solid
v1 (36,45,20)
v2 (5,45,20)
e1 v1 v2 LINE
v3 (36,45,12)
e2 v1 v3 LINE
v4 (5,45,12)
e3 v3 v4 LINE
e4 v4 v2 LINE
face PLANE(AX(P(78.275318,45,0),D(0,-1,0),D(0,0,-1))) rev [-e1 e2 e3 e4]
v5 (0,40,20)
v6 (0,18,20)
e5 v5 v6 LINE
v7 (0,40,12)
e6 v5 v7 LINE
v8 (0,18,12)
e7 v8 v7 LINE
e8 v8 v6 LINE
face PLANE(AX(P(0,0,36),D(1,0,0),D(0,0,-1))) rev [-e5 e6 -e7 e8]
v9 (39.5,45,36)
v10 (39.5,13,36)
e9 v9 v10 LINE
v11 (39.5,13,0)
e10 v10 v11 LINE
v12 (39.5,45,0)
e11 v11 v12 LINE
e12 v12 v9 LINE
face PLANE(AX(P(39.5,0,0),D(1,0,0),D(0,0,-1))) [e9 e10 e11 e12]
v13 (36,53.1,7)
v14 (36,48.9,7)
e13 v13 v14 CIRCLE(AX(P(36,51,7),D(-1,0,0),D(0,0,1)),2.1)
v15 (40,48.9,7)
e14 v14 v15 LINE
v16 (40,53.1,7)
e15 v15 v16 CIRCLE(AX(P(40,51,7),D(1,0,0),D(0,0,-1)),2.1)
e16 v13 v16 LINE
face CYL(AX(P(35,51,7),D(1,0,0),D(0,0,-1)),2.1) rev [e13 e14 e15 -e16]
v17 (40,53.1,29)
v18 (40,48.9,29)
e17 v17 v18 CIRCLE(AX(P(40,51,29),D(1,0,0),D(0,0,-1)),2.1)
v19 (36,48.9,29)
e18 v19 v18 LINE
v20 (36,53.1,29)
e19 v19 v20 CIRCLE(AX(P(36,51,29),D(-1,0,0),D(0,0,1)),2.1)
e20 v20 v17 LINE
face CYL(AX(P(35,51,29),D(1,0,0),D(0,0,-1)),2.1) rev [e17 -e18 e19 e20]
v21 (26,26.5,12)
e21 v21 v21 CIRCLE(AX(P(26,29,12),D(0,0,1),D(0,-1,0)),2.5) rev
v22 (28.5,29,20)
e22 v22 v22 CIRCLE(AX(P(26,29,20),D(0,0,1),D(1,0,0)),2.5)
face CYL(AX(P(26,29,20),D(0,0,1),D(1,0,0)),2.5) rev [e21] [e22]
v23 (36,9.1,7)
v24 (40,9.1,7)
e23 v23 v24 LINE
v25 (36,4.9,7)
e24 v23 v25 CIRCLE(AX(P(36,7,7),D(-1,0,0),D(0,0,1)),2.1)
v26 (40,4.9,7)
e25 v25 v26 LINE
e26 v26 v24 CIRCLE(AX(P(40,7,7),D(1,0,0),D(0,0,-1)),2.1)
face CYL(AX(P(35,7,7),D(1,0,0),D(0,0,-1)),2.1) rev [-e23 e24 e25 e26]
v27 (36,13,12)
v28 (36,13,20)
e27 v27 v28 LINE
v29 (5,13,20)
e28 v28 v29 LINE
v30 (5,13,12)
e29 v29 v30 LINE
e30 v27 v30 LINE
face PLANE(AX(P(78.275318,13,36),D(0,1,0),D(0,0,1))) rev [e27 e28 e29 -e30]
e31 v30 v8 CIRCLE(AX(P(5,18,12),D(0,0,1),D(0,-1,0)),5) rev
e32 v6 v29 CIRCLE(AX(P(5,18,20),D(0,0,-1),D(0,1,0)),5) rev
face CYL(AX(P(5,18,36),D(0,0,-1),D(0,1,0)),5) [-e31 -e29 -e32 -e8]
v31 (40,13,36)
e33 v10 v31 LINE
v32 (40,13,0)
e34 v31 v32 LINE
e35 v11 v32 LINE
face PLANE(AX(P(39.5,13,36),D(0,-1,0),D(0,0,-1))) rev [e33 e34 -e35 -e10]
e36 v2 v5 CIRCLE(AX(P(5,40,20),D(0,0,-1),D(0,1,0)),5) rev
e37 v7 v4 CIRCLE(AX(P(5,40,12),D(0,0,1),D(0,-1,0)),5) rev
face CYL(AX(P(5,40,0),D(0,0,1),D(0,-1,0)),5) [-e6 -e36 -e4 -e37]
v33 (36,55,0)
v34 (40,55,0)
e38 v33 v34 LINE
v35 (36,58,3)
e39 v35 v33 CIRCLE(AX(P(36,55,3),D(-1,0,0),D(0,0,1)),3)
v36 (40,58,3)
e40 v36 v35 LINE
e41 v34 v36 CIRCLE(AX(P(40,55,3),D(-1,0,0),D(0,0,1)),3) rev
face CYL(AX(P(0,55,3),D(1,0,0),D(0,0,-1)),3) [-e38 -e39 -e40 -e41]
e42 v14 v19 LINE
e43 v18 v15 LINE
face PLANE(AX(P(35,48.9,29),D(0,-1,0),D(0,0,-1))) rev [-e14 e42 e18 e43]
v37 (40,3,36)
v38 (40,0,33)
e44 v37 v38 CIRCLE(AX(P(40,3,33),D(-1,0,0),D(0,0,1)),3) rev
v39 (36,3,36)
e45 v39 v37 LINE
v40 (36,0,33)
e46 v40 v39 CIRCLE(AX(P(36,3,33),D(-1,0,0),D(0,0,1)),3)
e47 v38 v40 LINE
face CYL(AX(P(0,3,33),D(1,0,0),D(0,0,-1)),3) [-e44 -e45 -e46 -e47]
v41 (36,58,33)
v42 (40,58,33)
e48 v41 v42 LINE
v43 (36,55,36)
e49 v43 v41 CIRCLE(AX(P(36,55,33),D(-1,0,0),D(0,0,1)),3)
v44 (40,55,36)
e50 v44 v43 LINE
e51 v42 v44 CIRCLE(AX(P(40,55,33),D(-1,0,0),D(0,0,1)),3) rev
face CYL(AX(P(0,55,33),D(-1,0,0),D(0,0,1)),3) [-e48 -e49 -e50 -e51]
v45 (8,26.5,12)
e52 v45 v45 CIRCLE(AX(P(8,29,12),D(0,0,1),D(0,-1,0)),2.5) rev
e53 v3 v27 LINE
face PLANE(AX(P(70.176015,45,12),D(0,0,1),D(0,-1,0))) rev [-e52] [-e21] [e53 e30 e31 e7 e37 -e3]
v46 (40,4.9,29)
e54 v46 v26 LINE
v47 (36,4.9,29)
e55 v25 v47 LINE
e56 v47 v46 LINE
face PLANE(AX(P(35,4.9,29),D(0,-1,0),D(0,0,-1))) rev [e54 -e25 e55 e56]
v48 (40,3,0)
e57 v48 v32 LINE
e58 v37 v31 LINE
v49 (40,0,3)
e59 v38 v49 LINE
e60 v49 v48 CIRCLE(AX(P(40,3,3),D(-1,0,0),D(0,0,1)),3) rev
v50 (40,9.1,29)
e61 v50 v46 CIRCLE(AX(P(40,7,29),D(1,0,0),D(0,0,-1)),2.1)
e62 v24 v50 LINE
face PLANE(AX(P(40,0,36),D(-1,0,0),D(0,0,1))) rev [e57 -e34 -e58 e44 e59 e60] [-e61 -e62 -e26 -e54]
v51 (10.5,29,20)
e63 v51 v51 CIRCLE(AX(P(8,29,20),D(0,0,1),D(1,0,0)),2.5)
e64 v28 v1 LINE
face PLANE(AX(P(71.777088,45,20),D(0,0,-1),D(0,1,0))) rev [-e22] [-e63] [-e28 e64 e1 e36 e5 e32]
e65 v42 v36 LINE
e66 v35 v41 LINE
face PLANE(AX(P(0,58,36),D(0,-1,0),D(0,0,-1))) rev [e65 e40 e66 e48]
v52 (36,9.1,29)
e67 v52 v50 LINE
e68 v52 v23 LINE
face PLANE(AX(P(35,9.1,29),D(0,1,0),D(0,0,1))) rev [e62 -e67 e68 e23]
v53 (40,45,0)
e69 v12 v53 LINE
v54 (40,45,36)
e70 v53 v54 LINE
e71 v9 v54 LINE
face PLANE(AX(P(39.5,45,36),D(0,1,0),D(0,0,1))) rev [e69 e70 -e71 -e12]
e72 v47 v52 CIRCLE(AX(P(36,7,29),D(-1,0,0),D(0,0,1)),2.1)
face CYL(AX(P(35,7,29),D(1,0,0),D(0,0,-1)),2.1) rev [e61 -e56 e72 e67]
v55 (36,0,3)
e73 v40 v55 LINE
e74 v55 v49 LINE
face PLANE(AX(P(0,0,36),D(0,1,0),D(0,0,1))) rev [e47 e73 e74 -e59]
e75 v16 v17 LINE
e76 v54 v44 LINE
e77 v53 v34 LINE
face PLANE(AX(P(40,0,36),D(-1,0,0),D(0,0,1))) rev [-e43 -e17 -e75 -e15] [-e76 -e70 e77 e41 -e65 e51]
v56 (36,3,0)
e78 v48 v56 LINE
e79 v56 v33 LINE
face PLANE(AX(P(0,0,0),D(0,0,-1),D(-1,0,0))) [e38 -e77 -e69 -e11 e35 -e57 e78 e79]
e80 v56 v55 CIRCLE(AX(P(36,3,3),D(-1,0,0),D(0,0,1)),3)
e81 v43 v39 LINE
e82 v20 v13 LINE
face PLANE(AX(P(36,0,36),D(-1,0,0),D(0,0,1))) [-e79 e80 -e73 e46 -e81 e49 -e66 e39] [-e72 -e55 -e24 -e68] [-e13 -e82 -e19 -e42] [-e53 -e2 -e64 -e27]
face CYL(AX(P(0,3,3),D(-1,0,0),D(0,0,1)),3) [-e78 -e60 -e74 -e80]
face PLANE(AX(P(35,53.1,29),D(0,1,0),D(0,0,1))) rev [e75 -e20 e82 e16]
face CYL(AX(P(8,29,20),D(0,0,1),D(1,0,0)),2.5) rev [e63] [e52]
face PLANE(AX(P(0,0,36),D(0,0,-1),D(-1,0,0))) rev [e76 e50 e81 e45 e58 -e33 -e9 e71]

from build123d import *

# Parameters (mm, degrees)
SKETCH_1_W             = 40
SKETCH_1_H             = 58
EXTRUDE_2_DEPTH        = 36
SKETCH_2_W             = 36
SKETCH_2_H             = 13
CUT_EXTRUDE_1_DEPTH    = 36
SKETCH_3_W             = 16
SKETCH_3_H             = 32
CUT_EXTRUDE_2_DEPTH    = 36
CUT_EXTRUDE_3_DEPTH    = 5
HOLE_WIZARD_M6_1_D     = 5
HOLE_WIZARD_M6_1_DEPTH = 15
HOLE_WIZARD_M6_1_TIP   = 1.502151548
CUT_EXTRUDE_START      = -36
SKETCH_8_W             = 12
SKETCH_8_H             = 32
CUT_EXTRUDE_4_DEPTH    = 36
FILLET_1_R             = 3
FILLET_2_R             = 5
SKETCH_9_W             = 36
SKETCH_9_H             = 32
CUT_EXTRUDE_5_DEPTH    = 0.5


with BuildPart() as part:
    # 草图1 → 凸台-拉伸2 (new body)
    with BuildSketch(Plane.XY):
        with Locations((20, 29)):
            Rectangle(SKETCH_1_W, SKETCH_1_H)
    extrude(amount=EXTRUDE_2_DEPTH)

    # 草图2 → 切除-拉伸1 (cut)
    with BuildSketch(Plane.ZY):
        with Locations((18, 51.5)):
            Rectangle(SKETCH_2_W, SKETCH_2_H)
        with Locations((18, 6.5)):
            Rectangle(SKETCH_2_W, SKETCH_2_H)
    extrude(amount=-CUT_EXTRUDE_1_DEPTH, mode=Mode.SUBTRACT)

    # 草图3 → 切除-拉伸2 (cut)
    with BuildSketch(Plane.ZY):
        with Locations((28, 29)):
            Rectangle(SKETCH_3_W, SKETCH_3_H)
    extrude(amount=-CUT_EXTRUDE_2_DEPTH, mode=Mode.SUBTRACT)

    # 草图4 → 切除-拉伸3 (cut)
    with BuildSketch(Plane(origin=(40, 0, 0), x_dir=(0, 0, -1), z_dir=(1, 0, 0))):
        with BuildLine():
            Line((-29, 53.1), (-7, 53.1))
            ThreePointArc((-7, 53.1), (-4.9, 51), (-7, 48.9))
            Line((-7, 48.9), (-29, 48.9))
            ThreePointArc((-29, 48.9), (-31.1, 51), (-29, 53.1))
        make_face()
        with BuildLine():
            Line((-29, 9.1), (-7, 9.1))
            ThreePointArc((-7, 9.1), (-4.9, 7), (-7, 4.9))
            Line((-7, 4.9), (-29, 4.9))
            ThreePointArc((-29, 4.9), (-31.1, 7), (-29, 9.1))
        make_face()
    extrude(amount=-CUT_EXTRUDE_3_DEPTH, mode=Mode.SUBTRACT)

    # M6 螺纹孔1
    with Locations(Plane.XY.offset(20)):
        with Locations((26, 29), (8, 29)):
            Hole(HOLE_WIZARD_M6_1_D / 2, depth=HOLE_WIZARD_M6_1_DEPTH)
            with Locations((0, 0, -(HOLE_WIZARD_M6_1_DEPTH + HOLE_WIZARD_M6_1_TIP / 2))):  # 118° drill point
                Cone(0, HOLE_WIZARD_M6_1_D / 2, HOLE_WIZARD_M6_1_TIP, mode=Mode.SUBTRACT)

    # 草图8 → 切除-拉伸4 (cut)
    with BuildSketch(Plane.ZY.offset(CUT_EXTRUDE_START)):
        with Locations((6, 29)):
            Rectangle(SKETCH_8_W, SKETCH_8_H)
    extrude(amount=CUT_EXTRUDE_4_DEPTH, mode=Mode.SUBTRACT)

    # 圆角1
    fillet_1_edges = [part.edges().sort_by_distance(p)[0] for p in [
        (38, 58, 36),
        (38, 0, 0),
        (38, 0, 36),
        (38, 58, 0),
    ]]
    fillet(fillet_1_edges, radius=FILLET_1_R)

    # 圆角2
    fillet_2_edges = [part.edges().sort_by_distance(p)[0] for p in [
        (0, 45, 16),
        (0, 13, 16),
    ]]
    fillet(fillet_2_edges, radius=FILLET_2_R)

    # 草图9 → 切除-拉伸5 (cut)
    with BuildSketch(Plane(origin=(40, 0, 0), x_dir=(0, 0, -1), z_dir=(1, 0, 0))):
        with Locations((-18, 29)):
            Rectangle(SKETCH_9_W, SKETCH_9_H)
    extrude(amount=-CUT_EXTRUDE_5_DEPTH, mode=Mode.SUBTRACT)


solid = part.part
